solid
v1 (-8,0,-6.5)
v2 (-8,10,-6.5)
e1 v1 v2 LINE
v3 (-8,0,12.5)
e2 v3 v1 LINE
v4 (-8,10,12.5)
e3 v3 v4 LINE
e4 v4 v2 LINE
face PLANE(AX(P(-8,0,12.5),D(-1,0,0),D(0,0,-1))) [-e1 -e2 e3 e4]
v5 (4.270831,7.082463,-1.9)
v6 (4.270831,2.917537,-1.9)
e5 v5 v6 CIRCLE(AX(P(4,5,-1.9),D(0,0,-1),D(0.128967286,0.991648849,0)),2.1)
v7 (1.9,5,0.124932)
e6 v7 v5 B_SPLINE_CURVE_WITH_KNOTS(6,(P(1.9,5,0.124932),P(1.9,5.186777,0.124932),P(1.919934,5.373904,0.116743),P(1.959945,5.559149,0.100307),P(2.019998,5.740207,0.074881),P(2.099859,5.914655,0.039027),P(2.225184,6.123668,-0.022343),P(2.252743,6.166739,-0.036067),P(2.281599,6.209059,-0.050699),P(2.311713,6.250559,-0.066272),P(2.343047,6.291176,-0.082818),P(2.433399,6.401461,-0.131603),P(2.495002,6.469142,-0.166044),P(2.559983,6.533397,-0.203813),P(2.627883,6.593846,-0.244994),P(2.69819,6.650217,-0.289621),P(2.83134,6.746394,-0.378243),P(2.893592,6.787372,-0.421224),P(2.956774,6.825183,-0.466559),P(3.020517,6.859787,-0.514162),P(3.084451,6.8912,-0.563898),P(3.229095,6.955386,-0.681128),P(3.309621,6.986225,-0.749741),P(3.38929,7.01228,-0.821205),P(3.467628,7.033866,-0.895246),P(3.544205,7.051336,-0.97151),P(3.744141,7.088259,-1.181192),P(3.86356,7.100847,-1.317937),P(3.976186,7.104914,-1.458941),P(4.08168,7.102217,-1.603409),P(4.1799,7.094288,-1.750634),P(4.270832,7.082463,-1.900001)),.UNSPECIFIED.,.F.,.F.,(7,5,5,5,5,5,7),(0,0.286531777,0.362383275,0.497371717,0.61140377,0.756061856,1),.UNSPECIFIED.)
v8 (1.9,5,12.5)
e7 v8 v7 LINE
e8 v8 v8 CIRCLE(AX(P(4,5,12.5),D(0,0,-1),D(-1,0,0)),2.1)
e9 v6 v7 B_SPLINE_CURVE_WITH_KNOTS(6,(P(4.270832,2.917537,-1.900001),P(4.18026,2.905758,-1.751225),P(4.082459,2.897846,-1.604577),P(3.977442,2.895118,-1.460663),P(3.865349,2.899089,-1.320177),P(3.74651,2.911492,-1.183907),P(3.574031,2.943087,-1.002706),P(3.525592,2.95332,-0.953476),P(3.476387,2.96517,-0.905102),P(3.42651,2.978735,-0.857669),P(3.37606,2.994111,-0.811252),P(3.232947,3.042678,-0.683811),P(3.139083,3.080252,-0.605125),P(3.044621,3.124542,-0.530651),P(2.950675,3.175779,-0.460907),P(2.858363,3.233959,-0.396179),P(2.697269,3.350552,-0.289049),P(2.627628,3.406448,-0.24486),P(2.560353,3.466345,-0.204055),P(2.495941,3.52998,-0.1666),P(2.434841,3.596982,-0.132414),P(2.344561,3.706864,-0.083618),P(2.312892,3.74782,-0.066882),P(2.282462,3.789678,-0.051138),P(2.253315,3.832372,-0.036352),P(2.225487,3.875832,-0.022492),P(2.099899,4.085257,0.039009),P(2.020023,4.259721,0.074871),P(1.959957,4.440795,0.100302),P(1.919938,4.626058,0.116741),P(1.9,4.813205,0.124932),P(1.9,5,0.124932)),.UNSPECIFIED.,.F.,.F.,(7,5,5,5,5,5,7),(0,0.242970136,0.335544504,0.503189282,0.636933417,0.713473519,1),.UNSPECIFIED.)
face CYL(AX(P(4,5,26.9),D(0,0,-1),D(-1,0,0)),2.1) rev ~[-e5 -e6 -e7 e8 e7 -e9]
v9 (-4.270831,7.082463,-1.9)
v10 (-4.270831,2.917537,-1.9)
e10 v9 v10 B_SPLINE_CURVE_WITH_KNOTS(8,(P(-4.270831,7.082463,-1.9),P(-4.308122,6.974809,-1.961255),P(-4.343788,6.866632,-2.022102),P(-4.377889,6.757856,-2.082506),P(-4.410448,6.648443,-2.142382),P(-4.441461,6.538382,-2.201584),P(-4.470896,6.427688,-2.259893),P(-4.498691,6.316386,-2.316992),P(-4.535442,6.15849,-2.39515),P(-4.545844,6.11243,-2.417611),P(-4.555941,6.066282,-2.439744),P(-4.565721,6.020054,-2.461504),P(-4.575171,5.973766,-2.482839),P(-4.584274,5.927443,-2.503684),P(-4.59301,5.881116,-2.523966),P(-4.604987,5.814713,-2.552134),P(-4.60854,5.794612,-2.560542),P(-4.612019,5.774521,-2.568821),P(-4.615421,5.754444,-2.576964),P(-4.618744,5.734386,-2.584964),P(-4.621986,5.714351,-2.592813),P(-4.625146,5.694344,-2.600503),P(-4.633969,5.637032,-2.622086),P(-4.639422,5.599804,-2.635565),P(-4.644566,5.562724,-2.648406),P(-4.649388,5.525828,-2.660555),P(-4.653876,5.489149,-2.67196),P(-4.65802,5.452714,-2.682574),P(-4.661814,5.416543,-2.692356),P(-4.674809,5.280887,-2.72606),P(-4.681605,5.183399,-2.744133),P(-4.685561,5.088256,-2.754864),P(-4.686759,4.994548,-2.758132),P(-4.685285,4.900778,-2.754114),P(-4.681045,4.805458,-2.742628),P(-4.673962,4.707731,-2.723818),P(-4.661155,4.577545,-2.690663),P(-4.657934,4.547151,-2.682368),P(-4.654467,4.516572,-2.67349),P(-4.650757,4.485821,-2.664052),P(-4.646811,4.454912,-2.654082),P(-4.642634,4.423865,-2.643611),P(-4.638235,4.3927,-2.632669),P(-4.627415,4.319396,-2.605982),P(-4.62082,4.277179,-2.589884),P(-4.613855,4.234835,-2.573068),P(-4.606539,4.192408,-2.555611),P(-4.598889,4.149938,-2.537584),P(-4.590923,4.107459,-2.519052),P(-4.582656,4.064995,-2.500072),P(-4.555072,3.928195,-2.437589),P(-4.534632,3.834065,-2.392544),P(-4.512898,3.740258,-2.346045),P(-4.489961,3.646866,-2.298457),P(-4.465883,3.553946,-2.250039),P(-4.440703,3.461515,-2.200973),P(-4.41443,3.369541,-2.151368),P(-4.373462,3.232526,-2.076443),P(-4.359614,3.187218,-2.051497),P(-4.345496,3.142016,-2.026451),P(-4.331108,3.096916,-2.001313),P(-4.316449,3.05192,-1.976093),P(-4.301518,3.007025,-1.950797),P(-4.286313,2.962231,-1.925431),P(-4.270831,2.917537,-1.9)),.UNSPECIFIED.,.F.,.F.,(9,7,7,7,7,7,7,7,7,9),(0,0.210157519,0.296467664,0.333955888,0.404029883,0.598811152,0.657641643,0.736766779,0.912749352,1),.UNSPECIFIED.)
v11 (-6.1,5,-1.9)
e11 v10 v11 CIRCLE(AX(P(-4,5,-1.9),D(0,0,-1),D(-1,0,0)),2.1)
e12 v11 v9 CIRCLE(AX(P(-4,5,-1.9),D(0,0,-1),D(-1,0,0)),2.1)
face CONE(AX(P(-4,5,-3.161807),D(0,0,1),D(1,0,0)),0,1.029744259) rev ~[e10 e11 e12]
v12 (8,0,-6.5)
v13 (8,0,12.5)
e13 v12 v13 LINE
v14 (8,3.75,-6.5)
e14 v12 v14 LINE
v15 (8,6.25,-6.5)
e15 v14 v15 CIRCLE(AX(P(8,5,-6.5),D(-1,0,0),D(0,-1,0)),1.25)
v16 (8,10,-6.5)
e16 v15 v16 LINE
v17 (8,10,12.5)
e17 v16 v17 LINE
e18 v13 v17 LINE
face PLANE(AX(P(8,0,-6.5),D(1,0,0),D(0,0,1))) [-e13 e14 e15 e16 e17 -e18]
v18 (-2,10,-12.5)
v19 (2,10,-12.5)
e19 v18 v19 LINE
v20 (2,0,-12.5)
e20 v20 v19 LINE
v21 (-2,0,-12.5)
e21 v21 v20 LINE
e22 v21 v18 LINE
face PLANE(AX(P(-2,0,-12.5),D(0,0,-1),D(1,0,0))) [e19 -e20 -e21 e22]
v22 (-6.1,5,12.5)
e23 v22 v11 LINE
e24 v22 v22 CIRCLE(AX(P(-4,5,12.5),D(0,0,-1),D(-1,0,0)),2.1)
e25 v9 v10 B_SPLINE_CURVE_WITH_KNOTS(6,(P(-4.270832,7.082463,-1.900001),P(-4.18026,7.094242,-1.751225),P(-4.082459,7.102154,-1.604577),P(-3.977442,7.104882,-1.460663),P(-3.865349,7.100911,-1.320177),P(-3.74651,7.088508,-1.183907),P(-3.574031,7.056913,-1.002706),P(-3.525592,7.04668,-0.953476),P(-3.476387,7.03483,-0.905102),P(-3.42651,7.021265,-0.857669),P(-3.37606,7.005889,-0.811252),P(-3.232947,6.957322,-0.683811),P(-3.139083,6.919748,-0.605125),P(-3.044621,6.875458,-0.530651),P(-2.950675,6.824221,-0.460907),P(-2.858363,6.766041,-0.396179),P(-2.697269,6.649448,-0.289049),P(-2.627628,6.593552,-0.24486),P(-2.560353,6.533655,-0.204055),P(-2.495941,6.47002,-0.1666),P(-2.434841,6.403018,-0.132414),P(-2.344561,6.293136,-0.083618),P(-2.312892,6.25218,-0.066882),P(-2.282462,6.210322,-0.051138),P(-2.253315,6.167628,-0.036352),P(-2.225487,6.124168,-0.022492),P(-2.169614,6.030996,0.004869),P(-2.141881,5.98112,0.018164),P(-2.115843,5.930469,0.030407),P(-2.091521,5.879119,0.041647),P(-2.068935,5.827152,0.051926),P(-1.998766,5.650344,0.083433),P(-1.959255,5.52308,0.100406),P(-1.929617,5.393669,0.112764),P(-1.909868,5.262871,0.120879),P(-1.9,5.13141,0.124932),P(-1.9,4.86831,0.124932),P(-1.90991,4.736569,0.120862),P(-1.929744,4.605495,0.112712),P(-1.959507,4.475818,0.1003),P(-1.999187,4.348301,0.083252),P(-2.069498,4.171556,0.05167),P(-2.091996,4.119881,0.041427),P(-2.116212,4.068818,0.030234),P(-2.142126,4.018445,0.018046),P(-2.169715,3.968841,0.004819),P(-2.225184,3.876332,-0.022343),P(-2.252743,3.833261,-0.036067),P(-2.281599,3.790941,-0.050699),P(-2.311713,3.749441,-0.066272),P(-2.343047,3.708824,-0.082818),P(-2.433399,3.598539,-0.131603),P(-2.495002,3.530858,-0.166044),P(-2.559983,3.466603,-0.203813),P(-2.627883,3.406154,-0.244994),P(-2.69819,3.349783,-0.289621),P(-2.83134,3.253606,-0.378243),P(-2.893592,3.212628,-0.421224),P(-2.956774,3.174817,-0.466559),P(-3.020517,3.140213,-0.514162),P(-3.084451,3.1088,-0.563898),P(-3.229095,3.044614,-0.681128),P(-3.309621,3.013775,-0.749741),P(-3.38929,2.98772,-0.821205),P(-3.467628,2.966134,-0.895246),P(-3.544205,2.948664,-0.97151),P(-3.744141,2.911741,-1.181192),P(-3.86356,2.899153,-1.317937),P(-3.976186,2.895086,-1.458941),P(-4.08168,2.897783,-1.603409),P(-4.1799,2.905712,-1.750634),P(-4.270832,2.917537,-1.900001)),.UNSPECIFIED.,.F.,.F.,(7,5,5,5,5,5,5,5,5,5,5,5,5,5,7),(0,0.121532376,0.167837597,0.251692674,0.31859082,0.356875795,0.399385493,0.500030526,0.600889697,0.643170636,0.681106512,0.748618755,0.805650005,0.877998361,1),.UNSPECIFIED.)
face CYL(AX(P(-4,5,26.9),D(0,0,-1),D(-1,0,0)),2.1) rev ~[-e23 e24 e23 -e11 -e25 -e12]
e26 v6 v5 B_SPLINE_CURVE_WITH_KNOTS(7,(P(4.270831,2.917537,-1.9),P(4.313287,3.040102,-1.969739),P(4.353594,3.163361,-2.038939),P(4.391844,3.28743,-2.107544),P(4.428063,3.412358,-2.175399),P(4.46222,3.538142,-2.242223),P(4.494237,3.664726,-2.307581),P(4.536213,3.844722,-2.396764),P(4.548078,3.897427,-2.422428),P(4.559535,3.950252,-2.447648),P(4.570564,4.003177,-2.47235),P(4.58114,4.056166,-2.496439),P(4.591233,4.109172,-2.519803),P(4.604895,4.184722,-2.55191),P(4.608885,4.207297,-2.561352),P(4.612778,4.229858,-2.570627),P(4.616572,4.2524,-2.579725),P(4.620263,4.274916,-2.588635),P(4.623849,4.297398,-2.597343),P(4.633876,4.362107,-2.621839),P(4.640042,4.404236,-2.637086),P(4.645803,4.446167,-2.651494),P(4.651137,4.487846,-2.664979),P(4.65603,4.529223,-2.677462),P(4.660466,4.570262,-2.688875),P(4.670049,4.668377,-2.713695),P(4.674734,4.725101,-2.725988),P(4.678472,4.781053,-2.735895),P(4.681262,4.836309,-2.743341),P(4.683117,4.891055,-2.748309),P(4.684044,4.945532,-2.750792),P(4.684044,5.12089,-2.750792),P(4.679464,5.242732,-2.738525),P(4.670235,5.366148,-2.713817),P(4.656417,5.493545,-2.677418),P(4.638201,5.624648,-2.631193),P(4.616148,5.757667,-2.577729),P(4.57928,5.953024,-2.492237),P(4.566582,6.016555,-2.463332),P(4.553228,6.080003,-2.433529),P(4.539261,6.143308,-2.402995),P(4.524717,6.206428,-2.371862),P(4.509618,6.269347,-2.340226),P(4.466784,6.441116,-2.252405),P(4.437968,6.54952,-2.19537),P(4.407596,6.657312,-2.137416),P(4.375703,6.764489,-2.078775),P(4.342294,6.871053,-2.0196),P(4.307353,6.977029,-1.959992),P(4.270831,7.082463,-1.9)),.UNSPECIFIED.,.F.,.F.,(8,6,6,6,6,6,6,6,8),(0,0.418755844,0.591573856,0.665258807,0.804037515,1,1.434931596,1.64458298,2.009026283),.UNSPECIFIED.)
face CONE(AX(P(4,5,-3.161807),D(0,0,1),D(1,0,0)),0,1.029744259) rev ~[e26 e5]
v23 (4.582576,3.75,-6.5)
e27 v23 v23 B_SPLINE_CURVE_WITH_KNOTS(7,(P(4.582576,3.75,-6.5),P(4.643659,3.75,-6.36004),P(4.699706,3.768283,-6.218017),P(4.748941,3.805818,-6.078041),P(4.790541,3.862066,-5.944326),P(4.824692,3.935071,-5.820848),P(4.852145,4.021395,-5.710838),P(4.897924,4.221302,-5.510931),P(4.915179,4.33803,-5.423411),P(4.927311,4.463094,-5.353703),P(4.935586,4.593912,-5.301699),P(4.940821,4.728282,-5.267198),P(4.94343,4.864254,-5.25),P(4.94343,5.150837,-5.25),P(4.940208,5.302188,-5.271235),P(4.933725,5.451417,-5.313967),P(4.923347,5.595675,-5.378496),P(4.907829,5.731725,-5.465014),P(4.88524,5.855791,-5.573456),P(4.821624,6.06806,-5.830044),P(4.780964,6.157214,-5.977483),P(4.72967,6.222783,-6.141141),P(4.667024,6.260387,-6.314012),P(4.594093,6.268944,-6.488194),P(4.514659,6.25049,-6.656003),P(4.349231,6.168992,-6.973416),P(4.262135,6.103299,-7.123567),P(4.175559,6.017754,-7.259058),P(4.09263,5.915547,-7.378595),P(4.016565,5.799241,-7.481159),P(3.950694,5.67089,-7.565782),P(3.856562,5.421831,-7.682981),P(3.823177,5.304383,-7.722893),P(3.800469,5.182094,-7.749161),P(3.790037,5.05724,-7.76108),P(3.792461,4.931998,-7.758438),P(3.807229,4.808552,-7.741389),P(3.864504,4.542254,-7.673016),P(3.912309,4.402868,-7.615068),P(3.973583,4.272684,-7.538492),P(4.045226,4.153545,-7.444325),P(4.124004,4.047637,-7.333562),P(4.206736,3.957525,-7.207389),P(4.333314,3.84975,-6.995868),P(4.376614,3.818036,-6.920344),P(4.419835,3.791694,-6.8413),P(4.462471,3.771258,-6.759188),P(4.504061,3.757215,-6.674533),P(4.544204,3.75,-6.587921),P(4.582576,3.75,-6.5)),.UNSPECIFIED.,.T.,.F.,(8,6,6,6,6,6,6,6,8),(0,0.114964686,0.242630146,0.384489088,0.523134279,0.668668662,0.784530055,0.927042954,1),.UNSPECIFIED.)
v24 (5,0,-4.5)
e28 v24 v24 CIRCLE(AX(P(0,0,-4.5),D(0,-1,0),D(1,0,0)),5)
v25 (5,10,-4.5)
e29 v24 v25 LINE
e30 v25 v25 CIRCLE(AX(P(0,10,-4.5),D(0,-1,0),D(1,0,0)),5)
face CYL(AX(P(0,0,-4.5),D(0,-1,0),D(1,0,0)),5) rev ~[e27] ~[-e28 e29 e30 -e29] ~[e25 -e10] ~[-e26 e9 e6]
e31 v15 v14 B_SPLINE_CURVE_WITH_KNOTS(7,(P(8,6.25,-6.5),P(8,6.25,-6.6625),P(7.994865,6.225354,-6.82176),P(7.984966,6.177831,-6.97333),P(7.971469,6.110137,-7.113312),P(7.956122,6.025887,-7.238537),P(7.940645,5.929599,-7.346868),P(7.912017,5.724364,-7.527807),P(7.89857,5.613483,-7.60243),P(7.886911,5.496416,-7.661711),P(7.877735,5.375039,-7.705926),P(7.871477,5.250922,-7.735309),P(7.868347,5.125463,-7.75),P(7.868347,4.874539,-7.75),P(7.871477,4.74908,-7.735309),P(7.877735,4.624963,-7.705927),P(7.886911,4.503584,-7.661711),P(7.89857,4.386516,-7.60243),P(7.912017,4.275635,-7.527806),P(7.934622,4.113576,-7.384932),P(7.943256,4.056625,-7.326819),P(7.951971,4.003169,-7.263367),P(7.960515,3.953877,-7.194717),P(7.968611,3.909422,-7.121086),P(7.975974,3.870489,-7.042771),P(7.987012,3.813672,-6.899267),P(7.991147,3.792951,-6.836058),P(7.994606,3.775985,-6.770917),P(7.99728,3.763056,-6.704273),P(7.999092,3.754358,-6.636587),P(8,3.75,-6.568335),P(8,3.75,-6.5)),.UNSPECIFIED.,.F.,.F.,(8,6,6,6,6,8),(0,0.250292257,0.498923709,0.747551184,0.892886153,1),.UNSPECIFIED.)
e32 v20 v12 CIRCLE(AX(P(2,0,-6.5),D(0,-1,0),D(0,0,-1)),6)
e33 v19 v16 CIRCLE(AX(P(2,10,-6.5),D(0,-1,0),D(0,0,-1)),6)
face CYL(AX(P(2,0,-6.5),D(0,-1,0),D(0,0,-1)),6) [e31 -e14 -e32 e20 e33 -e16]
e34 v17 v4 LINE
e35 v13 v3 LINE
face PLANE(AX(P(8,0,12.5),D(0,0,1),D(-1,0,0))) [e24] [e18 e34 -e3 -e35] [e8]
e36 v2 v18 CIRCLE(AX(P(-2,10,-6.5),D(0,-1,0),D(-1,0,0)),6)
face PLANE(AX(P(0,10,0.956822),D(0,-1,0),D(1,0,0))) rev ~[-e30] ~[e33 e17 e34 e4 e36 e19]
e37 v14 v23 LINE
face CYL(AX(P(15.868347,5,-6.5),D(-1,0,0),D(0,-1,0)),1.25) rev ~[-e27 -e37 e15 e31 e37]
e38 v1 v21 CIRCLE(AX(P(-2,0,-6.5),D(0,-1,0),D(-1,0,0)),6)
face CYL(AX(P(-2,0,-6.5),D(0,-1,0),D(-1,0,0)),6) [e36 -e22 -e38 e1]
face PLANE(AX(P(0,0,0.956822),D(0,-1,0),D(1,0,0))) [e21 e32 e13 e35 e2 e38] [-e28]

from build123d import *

# Parameters (mm, degrees)
F0_R     = 5
F1_DEPTH = 10
F3_D     = 4.2
F3_DEPTH = 14.4
F3_TIP   = 1.2618073
F5_D     = 2.5
F5_DEPTH = 8
F5_START = 0.1316528
F5_TIP   = 0.7510757738


with BuildPart() as f1:
    # F0 (on Front) → F1 (new body)
    with BuildSketch(Plane.XZ):
        with BuildLine():
            Line((8, 12.5), (-8, 12.5))
            Line((-8, 12.5), (-8, -6.5))
            ThreePointArc((-8, -6.5), (-6.2426406871, -10.7426406871), (-2, -12.5))
            Line((-2, -12.5), (2, -12.5))
            ThreePointArc((2, -12.5), (6.2426406871, -10.7426406871), (8, -6.5))
            Line((8, -6.5), (8, 12.5))
        make_face()
        with Locations((0, -4.5)):
            Circle(F0_R, mode=Mode.SUBTRACT)
    extrude(amount=-F1_DEPTH)

    # F3
    with Locations(Plane.XY.offset(12.5)):
        with Locations((-4, 5), (4, 5)):
            Hole(F3_D / 2, depth=F3_DEPTH)
            with Locations((0, 0, -(F3_DEPTH + F3_TIP / 2))):  # 118° drill point
                Cone(0, F3_D / 2, F3_TIP, mode=Mode.SUBTRACT)

    # F5
    # its depths count from where the whole tool has entered the part; down to there all is cleared
    with Locations(Plane.YZ.offset(8).offset(-F5_START)):
        with Locations((5, -6.5)):
            Hole(F5_D / 2, depth=F5_DEPTH)
            with Locations((0, 0, -(F5_DEPTH + F5_TIP / 2))):  # 118° drill point
                Cone(0, F5_D / 2, F5_TIP, mode=Mode.SUBTRACT)


solid = f1.part
